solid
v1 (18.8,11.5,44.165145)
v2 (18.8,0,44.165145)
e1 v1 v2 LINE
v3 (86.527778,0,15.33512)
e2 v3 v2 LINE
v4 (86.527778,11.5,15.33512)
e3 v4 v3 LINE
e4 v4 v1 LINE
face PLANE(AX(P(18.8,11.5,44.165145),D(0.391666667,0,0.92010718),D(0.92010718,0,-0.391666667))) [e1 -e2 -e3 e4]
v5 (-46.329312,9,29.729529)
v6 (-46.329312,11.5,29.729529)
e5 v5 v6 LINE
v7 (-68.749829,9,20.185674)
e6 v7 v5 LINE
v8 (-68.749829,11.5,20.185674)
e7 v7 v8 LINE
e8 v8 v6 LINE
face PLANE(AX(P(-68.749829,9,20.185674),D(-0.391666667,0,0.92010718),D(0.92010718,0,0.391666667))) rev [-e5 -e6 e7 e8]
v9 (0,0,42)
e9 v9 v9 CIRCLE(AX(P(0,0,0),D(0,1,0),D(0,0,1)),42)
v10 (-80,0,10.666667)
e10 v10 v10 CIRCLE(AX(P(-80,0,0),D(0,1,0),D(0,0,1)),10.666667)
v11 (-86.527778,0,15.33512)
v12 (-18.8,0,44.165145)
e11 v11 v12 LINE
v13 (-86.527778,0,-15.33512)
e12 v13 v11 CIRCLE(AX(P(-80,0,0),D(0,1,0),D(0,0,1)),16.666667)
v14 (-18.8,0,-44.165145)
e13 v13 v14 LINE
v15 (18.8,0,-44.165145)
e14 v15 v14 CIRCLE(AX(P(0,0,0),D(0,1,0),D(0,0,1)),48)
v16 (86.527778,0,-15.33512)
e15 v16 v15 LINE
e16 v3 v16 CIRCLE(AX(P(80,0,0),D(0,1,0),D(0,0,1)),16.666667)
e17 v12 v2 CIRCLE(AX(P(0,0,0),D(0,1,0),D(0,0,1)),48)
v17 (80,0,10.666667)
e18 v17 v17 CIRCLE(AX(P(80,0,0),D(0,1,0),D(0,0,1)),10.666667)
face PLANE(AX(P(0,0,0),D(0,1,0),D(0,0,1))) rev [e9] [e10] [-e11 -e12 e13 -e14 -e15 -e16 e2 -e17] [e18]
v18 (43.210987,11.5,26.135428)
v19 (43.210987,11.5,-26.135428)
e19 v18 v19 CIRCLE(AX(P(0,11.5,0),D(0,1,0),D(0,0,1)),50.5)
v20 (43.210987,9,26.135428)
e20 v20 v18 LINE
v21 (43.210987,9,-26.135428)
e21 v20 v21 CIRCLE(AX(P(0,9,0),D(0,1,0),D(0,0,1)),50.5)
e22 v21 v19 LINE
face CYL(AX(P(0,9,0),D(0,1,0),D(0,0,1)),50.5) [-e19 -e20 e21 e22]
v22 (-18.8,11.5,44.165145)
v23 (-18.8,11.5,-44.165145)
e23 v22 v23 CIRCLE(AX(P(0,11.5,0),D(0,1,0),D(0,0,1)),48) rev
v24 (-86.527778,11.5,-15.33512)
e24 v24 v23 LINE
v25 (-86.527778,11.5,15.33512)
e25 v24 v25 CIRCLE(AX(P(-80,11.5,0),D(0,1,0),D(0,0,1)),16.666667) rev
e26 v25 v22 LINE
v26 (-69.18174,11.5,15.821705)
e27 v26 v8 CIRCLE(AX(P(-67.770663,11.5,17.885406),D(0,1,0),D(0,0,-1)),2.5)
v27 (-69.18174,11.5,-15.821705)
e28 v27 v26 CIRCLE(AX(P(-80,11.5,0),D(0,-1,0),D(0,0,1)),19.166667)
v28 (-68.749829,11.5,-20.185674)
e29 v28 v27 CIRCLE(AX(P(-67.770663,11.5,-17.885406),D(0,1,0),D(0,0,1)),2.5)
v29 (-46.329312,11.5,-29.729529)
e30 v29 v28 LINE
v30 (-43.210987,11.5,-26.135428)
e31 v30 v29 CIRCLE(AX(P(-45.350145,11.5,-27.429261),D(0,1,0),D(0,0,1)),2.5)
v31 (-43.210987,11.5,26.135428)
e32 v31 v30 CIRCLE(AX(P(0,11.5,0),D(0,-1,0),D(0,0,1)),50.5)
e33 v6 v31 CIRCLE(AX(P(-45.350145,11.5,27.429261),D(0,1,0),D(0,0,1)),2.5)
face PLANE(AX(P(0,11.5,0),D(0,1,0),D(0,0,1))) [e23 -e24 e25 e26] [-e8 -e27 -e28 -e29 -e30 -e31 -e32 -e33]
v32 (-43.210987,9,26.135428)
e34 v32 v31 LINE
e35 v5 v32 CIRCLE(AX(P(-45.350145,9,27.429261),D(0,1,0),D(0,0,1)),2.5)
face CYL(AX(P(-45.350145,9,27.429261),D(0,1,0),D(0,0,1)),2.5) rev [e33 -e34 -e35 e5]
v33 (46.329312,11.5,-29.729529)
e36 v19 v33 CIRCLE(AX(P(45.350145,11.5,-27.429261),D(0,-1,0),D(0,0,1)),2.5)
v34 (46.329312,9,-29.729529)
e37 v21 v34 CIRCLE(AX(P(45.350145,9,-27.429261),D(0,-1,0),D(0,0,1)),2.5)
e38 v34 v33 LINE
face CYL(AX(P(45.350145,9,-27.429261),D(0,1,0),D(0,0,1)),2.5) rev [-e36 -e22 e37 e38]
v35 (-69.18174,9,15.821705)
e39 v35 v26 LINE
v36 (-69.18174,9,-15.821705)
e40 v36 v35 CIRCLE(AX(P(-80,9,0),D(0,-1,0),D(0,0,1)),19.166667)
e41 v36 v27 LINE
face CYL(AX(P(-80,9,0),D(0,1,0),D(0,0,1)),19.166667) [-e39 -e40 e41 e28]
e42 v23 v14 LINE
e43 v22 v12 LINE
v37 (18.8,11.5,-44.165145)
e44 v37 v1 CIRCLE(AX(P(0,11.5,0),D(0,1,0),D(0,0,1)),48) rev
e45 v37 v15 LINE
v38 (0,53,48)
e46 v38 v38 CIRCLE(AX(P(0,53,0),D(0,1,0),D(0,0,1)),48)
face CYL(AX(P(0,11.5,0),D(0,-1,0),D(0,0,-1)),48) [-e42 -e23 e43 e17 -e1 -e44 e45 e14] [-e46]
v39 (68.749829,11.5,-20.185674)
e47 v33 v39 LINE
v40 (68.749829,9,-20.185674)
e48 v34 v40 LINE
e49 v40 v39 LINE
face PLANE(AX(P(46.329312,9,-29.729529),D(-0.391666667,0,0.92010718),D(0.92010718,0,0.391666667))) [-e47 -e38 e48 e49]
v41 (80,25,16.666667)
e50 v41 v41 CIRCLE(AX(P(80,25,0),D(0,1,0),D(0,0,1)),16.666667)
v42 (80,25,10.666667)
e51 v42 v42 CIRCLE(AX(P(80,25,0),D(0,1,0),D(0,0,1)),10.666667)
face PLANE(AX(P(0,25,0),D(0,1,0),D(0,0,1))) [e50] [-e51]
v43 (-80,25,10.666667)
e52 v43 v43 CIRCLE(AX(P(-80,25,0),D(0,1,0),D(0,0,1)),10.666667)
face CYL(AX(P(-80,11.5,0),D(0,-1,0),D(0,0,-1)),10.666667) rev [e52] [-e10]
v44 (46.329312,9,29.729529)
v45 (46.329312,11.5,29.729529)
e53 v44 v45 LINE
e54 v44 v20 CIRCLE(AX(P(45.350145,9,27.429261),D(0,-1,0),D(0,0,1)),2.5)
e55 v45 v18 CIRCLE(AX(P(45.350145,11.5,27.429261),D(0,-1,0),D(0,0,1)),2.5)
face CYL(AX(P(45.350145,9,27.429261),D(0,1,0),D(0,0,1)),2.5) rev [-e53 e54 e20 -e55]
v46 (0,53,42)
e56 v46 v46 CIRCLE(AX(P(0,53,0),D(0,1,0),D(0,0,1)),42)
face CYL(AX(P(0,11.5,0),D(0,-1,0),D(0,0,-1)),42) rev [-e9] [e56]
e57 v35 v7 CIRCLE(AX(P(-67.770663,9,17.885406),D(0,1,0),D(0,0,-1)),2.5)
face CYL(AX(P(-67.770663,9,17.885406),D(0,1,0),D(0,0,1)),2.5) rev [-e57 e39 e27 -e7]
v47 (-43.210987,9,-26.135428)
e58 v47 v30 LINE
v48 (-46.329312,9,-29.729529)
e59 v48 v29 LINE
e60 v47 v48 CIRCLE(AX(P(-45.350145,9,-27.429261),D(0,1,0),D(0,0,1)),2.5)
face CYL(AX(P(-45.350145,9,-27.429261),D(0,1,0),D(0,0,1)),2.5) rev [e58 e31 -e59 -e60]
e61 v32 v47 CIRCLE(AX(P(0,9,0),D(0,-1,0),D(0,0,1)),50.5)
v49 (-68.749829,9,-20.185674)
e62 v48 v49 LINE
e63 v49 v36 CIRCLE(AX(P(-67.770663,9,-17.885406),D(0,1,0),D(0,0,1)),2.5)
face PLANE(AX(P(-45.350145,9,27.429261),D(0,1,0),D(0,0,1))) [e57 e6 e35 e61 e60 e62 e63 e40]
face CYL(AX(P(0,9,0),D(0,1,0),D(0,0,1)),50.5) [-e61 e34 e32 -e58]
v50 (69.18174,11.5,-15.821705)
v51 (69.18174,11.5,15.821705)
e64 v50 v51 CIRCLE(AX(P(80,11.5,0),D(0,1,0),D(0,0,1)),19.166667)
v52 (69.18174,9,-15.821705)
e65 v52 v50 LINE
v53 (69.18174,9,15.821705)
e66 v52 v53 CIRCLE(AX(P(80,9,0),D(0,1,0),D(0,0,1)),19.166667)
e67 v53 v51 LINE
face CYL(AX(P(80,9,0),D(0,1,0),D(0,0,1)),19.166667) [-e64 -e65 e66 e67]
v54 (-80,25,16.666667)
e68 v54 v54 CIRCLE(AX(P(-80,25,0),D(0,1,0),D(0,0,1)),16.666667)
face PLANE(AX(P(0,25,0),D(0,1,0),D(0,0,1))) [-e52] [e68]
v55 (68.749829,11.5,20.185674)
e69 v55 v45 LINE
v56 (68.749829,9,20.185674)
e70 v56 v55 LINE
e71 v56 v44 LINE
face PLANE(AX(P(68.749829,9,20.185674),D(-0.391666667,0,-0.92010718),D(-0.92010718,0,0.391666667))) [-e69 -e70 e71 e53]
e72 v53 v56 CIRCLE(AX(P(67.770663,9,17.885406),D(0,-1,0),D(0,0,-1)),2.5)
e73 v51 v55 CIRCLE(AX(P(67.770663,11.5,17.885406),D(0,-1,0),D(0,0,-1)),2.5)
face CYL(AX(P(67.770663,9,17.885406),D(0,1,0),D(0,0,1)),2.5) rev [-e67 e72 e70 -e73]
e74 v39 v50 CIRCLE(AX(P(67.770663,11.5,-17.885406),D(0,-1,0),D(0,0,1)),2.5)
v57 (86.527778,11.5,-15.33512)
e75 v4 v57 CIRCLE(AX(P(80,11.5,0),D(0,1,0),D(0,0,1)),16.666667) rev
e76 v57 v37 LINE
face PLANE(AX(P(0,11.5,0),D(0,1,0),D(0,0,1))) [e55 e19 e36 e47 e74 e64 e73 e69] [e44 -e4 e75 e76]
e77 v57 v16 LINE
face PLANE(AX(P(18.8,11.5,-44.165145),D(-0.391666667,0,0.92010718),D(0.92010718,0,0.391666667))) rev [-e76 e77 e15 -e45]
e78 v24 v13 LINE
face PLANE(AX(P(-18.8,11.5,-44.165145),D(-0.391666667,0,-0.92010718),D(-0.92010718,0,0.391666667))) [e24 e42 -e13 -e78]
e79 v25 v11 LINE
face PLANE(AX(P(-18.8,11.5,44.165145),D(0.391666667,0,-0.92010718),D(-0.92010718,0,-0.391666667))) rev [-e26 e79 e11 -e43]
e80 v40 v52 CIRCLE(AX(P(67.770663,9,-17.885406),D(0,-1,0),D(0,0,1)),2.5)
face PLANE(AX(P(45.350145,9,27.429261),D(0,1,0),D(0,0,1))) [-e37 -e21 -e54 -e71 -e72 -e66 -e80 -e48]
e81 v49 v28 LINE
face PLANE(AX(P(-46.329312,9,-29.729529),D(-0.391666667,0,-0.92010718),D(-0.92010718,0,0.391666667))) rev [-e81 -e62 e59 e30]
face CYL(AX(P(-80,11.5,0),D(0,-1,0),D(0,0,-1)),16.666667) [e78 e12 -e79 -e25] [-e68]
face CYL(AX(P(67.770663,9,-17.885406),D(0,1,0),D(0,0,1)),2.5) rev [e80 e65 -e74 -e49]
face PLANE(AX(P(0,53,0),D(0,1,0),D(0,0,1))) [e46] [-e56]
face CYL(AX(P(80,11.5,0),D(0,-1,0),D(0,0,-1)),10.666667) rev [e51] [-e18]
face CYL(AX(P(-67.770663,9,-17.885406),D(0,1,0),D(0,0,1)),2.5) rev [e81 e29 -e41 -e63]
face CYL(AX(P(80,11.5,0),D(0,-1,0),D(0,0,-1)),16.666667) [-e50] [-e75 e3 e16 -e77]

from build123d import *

# Parameters (mm, degrees)
SKETCH1_R           = 42
SKETCH1_R_2         = 10.666666667
BOSS_EXTRUDE1_DEPTH = 11.5
SKETCH1_3_R         = 16.666666667
SKETCH1_3_R_2       = 10.666666667
BOSS_EXTRUDE2_DEPTH = 25
SKETCH1_4_R         = 42
BOSS_EXTRUDE3_DEPTH = 53
CUT_EXTRUDE1_DEPTH  = 2.5


with BuildPart() as part:
    # Sketch1 → Boss-Extrude1 (new body)
    with BuildSketch(Plane(origin=(0, 0, 0), x_dir=(1, 0, 0), z_dir=(0, 1, 0))):
        with BuildLine():
            Line((-18.8, 44.165144628), (-86.527777778, 15.335119662))
            ThreePointArc((-86.527777778, 15.335119662), (-96.666666667, 0), (-86.527777778, -15.335119662))
            Line((-86.527777778, -15.335119662), (-18.8, -44.165144628))
            ThreePointArc((-18.8, -44.165144628), (0, -48), (18.8, -44.165144628))
            Line((18.8, -44.165144628), (86.527777778, -15.335119662))
            ThreePointArc((86.527777778, -15.335119662), (96.666666667, 0), (86.527777778, 15.335119662))
            Line((86.527777778, 15.335119662), (18.8, 44.165144628))
            ThreePointArc((18.8, 44.165144628), (0, 48), (-18.8, 44.165144628))
        make_face()
        Circle(SKETCH1_R, mode=Mode.SUBTRACT)
        with Locations((-80, 0)):
            Circle(SKETCH1_R_2, mode=Mode.SUBTRACT)
        with Locations((80, 0)):
            Circle(SKETCH1_R_2, mode=Mode.SUBTRACT)
    extrude(amount=BOSS_EXTRUDE1_DEPTH)

    # Sketch1<3> → Boss-Extrude2 (add)
    # profile 1 of 2: a face of its own
    with BuildSketch(Plane(origin=(0, 0, 0), x_dir=(1, 0, 0), z_dir=(0, 1, 0))):
        with Locations((-80, 0)):
            Circle(SKETCH1_3_R)
        with Locations((-80, 0)):
            Circle(SKETCH1_3_R_2, mode=Mode.SUBTRACT)
    # profile 2 of 2: a face of its own
    with BuildSketch(Plane(origin=(0, 0, 0), x_dir=(1, 0, 0), z_dir=(0, 1, 0))):
        with Locations((80, 0)):
            Circle(SKETCH1_3_R)
        with Locations((80, 0)):
            Circle(SKETCH1_3_R_2, mode=Mode.SUBTRACT)
    extrude(amount=BOSS_EXTRUDE2_DEPTH)

    # Sketch1<4> → Boss-Extrude3 (add)
    with BuildSketch(Plane(origin=(0, 0, 0), x_dir=(1, 0, 0), z_dir=(0, 1, 0))):
        with BuildLine():
            ThreePointArc((18.8, 44.165144628), (0, 48), (-18.8, 44.165144628))
            ThreePointArc((-18.8, 44.165144628), (-48, 0), (-18.8, -44.165144628))
            ThreePointArc((-18.8, -44.165144628), (0, -48), (18.8, -44.165144628))
            ThreePointArc((18.8, -44.165144628), (40.03998002, -26.472627372), (48, 0))
            ThreePointArc((48, 0), (40.03998002, 26.472627372), (18.8, 44.165144628))
        make_face()
        Circle(SKETCH1_4_R, mode=Mode.SUBTRACT)
    extrude(amount=BOSS_EXTRUDE3_DEPTH)

    # Sketch2 → Cut-Extrude1 (cut)
    with BuildSketch(Plane(origin=(0, 11.5, 0), x_dir=(1, 0, 0), z_dir=(0, 1, 0))):
        with BuildLine():
            Line((-68.749829189, -20.185673992), (-46.329311604, -29.72952886))
            ThreePointArc((-46.329311604, -29.72952886), (-43.461816215, -29.067618209), (-43.210987158, -26.135427849))
            ThreePointArc((-43.210987158, -26.135427849), (-50.5, 0), (-43.210987158, 26.135427849))
            ThreePointArc((-43.210987158, 26.135427849), (-43.461816215, 29.067618209), (-46.329311604, 29.72952886))
            Line((-46.329311604, 29.72952886), (-68.749829189, 20.185673992))
            ThreePointArc((-68.749829189, 20.185673992), (-70.258507425, 18.131633045), (-69.181739923, 15.821705345))
            ThreePointArc((-69.181739923, 15.821705345), (-60.833333333, 0), (-69.181739923, -15.821705345))
            ThreePointArc((-69.181739923, -15.821705345), (-70.258507425, -18.131633045), (-68.749829189, -20.185673992))
        make_face()
    cut_extrude1 = extrude(amount=-CUT_EXTRUDE1_DEPTH, mode=Mode.SUBTRACT)

    # Mirror1: Cut-Extrude1 across plane
    add(cut_extrude1.mirror(Plane(origin=(0, 0, 0), x_dir=(0, 0, 1), z_dir=(1, 0, 0))), mode=Mode.SUBTRACT)


solid = part.part
